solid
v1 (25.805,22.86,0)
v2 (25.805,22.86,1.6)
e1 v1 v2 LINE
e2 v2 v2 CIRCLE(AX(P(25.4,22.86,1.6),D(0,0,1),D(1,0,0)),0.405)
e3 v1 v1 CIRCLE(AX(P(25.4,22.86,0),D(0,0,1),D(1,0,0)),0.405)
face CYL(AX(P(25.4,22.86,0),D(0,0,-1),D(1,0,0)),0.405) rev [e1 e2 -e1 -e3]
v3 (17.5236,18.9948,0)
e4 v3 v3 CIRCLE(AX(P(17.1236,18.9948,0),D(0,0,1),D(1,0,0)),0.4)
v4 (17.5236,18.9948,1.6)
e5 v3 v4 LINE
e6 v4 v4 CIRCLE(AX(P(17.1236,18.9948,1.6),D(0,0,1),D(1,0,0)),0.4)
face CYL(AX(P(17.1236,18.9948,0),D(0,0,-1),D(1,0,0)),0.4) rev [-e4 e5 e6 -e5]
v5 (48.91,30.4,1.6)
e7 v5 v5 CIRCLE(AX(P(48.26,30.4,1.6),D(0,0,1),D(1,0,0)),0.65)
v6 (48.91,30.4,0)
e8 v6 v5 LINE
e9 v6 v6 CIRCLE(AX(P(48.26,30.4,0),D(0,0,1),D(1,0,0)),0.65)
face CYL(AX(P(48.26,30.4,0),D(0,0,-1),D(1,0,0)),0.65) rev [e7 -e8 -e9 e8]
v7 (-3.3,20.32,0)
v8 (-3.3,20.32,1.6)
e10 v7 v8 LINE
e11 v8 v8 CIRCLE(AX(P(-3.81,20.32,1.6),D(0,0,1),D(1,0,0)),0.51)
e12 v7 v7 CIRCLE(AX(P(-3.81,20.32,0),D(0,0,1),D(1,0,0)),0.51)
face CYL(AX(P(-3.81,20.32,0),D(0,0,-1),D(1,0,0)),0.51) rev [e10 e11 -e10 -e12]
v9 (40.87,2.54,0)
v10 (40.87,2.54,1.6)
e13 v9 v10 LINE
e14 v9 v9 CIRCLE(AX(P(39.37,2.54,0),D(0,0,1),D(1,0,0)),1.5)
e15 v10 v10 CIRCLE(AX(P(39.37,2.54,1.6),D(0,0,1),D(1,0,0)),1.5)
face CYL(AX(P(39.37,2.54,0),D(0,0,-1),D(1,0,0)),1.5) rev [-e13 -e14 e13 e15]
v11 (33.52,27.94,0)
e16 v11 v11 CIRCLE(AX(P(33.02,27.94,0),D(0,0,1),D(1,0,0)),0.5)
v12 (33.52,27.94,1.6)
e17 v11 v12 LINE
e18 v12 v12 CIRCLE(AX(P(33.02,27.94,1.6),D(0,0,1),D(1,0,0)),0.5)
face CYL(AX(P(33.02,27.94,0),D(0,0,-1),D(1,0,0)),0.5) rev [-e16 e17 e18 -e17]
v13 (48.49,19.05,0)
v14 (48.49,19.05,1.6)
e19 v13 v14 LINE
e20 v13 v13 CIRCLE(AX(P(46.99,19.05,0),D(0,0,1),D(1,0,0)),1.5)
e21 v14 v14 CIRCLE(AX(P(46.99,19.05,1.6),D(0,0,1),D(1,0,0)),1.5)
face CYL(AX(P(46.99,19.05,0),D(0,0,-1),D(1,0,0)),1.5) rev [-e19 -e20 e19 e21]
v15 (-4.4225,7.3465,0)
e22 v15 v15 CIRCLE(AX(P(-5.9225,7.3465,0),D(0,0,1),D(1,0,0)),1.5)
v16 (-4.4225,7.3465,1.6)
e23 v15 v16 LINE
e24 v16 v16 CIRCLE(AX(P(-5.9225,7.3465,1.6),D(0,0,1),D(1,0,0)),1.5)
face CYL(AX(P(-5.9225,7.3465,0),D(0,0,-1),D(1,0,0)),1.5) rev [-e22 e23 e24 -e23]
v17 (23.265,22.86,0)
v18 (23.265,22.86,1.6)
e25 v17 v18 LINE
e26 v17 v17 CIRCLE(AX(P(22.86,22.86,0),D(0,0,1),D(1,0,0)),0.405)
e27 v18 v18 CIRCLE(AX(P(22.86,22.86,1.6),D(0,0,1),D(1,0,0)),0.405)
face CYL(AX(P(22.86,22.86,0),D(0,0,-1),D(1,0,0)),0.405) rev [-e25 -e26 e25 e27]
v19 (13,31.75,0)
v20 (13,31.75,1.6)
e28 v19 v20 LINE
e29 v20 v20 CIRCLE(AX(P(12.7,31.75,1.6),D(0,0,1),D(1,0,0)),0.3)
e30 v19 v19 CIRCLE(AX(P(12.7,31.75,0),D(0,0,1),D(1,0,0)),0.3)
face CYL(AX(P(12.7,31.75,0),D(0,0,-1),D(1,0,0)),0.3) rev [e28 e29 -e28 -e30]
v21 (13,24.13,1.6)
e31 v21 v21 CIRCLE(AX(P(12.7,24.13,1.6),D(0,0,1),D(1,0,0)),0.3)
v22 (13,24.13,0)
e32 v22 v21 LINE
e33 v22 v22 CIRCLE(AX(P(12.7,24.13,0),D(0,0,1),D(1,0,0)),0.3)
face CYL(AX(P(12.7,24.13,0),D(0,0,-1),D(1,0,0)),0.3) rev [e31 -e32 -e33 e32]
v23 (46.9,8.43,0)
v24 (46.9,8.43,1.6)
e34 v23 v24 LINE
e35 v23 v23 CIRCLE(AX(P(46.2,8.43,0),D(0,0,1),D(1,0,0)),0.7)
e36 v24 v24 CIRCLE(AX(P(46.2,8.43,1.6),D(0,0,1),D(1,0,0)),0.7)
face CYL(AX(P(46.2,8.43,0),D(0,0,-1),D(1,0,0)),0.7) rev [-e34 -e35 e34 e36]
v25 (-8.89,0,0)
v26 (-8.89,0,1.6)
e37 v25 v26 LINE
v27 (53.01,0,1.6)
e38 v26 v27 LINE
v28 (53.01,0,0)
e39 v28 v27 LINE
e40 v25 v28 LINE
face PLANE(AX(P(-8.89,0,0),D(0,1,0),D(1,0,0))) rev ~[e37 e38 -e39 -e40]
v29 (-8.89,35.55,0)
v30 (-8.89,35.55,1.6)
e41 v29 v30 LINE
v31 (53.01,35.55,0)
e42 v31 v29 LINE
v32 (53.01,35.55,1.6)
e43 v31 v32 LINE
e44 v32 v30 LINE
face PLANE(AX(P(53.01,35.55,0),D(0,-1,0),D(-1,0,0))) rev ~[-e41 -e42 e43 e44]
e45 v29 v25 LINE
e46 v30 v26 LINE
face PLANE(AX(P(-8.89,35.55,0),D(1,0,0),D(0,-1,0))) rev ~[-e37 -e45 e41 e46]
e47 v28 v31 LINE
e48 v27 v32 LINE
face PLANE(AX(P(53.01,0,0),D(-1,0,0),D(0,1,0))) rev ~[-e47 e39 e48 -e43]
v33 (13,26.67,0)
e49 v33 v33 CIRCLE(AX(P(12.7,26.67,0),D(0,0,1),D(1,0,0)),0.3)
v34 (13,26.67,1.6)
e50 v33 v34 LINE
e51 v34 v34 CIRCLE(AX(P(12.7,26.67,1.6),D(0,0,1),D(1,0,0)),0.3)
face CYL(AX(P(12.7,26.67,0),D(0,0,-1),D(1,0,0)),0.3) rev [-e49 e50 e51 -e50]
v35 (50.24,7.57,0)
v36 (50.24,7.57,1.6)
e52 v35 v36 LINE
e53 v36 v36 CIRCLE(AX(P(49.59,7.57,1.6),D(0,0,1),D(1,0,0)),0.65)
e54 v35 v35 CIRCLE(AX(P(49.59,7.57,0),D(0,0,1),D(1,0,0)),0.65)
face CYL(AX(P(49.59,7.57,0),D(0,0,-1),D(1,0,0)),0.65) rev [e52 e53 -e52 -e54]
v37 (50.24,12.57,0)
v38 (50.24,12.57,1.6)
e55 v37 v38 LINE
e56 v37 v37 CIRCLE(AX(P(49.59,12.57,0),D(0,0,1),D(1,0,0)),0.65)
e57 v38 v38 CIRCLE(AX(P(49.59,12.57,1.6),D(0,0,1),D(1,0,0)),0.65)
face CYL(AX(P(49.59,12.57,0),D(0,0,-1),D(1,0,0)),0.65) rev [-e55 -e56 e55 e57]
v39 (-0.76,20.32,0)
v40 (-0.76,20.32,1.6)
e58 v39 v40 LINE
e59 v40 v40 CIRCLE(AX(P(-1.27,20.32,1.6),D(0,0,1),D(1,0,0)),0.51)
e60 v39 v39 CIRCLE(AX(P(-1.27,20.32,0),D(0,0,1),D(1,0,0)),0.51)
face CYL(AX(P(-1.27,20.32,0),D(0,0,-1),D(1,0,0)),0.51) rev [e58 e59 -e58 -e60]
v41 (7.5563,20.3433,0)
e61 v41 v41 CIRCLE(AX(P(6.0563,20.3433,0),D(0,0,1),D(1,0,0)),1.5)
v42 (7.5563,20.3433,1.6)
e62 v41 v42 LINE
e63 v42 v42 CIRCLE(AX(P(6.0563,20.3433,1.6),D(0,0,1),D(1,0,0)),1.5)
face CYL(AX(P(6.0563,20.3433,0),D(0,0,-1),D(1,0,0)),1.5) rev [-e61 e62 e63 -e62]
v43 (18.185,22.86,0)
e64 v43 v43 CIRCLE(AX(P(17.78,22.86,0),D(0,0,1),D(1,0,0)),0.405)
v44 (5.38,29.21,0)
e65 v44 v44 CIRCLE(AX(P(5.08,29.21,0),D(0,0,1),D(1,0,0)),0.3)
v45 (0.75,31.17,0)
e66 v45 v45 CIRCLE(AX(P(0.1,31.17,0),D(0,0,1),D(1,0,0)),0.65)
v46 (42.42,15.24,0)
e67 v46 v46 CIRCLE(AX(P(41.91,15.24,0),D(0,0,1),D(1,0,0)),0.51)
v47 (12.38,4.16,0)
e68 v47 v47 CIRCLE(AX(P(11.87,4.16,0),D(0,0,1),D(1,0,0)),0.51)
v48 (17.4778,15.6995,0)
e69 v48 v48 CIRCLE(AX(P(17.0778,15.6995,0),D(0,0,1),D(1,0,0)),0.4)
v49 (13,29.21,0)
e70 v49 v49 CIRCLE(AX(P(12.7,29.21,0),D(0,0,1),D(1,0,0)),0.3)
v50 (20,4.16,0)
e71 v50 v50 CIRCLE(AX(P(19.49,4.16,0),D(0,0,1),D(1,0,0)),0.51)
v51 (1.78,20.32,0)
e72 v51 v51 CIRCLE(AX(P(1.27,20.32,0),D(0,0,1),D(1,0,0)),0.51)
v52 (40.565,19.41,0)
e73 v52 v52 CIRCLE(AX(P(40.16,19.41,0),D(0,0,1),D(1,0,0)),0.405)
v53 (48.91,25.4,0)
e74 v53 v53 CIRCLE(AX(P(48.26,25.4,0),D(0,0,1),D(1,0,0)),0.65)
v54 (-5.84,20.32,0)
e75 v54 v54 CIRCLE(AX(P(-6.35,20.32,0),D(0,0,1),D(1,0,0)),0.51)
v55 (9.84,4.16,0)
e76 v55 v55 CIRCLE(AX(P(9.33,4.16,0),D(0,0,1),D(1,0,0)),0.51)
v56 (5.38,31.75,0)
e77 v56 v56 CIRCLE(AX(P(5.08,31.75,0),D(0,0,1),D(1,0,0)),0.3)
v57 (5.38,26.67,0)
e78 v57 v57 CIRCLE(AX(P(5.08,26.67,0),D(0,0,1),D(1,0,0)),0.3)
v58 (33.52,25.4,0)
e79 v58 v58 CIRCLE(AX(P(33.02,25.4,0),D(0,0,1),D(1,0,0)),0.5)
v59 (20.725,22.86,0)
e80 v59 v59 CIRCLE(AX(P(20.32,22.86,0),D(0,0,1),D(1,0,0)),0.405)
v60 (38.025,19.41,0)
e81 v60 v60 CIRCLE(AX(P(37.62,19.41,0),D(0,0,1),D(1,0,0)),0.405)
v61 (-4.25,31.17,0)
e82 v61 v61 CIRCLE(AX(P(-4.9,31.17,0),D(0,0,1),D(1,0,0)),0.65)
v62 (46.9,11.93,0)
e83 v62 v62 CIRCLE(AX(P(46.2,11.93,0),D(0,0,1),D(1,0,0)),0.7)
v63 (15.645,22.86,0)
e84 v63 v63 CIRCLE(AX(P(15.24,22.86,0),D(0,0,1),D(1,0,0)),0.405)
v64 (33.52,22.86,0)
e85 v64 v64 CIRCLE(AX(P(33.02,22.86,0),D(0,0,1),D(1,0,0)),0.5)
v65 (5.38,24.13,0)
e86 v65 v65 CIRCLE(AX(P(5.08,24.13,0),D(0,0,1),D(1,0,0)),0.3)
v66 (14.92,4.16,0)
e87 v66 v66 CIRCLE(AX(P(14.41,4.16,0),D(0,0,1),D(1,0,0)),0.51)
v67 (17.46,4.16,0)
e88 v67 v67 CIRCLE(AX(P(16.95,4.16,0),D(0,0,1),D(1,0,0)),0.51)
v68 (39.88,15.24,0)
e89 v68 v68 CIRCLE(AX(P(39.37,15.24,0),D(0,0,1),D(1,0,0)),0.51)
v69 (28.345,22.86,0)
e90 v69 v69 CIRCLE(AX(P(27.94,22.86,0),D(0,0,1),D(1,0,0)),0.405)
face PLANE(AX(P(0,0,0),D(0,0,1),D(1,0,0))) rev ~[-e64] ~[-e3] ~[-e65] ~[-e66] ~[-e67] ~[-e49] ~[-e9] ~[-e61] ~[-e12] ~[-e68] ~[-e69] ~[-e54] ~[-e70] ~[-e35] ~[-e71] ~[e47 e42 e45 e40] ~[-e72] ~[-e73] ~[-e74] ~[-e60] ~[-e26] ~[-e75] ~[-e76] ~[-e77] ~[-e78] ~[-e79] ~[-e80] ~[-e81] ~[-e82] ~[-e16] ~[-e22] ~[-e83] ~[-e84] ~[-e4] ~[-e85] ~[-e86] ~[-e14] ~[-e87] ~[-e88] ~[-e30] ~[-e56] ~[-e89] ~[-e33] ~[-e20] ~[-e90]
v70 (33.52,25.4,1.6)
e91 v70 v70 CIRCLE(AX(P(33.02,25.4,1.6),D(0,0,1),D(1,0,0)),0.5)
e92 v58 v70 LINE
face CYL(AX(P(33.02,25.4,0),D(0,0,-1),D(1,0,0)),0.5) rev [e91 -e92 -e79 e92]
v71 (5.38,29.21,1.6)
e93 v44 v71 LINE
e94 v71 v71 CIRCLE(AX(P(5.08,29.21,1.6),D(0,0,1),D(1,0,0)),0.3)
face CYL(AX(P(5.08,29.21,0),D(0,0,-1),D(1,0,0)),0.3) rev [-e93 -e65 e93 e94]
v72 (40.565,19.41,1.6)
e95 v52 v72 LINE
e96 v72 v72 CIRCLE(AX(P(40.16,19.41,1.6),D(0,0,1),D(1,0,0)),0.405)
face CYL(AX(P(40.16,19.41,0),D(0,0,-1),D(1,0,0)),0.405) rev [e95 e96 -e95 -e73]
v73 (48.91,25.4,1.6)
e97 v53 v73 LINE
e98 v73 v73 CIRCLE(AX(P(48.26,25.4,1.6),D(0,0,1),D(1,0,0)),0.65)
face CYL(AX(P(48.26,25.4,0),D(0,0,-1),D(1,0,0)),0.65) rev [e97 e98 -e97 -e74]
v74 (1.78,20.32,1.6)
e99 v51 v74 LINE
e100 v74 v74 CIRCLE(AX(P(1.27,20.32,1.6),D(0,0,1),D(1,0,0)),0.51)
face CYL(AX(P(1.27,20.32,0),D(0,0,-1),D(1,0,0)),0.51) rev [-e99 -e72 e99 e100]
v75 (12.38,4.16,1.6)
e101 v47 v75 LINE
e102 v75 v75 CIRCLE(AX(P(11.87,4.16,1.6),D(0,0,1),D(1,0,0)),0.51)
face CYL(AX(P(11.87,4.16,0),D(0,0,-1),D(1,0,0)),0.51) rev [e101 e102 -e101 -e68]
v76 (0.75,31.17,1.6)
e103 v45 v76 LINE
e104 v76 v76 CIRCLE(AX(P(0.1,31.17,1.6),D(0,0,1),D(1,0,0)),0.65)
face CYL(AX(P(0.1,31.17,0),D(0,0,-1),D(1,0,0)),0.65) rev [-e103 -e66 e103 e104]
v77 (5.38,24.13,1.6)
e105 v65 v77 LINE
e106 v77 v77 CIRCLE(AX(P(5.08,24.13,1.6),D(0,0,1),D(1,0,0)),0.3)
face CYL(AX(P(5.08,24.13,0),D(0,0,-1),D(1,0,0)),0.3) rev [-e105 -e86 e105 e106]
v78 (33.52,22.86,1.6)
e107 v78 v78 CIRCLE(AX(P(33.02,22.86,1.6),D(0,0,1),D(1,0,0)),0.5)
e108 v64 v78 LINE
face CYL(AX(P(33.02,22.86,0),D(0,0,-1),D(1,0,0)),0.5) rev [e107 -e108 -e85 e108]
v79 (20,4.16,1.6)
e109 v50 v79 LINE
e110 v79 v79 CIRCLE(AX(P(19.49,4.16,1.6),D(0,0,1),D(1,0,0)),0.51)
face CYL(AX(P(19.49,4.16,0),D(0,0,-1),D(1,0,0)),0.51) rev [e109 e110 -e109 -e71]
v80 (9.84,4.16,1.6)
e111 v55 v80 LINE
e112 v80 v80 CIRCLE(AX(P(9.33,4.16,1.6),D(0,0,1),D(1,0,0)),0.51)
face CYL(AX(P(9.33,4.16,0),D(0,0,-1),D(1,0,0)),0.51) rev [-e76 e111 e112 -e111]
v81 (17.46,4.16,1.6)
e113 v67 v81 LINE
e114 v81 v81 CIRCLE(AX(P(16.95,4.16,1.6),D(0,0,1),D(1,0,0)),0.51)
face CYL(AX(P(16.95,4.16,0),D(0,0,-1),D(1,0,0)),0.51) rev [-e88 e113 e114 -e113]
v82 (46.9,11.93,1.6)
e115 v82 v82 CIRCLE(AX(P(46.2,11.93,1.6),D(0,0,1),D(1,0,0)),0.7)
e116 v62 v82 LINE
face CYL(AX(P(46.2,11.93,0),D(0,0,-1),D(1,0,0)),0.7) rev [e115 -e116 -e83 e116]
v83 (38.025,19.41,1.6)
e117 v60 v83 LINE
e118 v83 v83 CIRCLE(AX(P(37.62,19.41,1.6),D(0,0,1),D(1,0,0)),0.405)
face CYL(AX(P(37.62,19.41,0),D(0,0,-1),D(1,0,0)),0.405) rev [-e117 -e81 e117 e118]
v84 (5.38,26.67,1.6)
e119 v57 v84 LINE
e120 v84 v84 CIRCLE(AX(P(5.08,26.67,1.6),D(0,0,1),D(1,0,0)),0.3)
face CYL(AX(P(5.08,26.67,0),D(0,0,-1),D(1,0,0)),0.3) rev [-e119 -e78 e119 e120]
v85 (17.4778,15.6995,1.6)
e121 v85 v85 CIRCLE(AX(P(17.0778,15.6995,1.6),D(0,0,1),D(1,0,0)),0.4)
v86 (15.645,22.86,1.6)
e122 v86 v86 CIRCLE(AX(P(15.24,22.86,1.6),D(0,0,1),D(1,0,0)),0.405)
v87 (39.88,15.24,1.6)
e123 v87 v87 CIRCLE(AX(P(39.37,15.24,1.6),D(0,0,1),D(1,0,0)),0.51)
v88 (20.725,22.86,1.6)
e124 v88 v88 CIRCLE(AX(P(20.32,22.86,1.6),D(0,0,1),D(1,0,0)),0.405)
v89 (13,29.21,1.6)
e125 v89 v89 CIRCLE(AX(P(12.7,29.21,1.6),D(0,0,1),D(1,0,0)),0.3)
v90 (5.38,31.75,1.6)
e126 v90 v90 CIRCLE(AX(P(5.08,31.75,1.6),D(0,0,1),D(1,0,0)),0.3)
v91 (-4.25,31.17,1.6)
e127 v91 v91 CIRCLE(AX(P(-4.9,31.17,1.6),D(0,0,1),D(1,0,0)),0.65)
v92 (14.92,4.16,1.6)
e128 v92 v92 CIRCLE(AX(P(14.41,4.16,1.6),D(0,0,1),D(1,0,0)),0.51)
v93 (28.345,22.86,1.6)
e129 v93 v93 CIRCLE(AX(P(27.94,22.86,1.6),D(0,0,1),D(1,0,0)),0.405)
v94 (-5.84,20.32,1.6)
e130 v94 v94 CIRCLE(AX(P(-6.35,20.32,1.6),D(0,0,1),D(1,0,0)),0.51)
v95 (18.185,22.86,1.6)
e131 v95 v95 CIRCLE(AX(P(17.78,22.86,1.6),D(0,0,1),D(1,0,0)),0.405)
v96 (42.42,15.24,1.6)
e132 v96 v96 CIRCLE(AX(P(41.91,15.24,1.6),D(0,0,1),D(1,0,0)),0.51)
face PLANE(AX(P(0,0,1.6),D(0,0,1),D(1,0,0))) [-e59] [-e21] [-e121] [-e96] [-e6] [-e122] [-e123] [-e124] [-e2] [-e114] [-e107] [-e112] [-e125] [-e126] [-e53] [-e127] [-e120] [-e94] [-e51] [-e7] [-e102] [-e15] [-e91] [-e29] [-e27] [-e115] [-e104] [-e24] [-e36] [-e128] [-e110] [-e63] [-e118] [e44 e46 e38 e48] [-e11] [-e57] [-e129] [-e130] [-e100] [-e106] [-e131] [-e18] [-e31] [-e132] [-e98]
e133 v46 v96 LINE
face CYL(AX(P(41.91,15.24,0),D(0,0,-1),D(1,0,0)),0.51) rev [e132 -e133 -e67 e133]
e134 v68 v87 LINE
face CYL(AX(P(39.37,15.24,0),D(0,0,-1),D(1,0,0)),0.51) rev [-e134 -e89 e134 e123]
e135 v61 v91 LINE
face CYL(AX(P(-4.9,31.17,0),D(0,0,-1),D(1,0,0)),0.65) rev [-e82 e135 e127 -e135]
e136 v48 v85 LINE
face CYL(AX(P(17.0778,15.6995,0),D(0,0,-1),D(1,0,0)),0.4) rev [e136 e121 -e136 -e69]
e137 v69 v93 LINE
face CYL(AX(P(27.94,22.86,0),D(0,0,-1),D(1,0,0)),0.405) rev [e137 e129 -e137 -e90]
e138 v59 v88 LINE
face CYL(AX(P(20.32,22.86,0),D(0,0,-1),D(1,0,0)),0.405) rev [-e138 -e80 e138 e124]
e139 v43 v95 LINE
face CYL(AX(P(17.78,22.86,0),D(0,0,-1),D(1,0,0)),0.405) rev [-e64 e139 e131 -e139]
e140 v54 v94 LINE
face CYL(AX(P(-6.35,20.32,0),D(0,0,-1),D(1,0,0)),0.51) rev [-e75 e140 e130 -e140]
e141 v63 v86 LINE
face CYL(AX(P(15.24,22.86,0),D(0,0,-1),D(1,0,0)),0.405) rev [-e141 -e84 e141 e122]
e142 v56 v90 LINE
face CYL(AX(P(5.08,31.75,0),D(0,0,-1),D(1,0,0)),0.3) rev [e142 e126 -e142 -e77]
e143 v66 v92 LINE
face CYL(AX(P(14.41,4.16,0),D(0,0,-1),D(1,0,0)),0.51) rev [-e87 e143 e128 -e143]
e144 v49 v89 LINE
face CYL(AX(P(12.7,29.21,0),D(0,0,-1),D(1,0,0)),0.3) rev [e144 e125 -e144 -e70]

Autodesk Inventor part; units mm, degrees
ref_plane "YZ Plane" through (0, 0, 0) normal (1, 0, 0) x (0, 1, 0)
ref_plane "XZ Plane" through (0, 0, 0) normal (0, 1, 0) x (-1, 0, 0)
ref_plane "XY Plane" through (0, 0, 0) normal (0, 0, 1) x (1, 0, 0)
sketch "Эскиз1" plane through (0, 0, 0) normal (0, 0, 1) x (1, 0, 0)
  line L0 (-8.89, 0) -> (53.01, 0)
  line L1 (53.01, 0) -> (53.01, 35.55)
  line L2 (53.01, 35.55) -> (-8.89, 35.55)
  line L3 (-8.89, 35.55) -> (-8.89, 0)
  circle A0 centre (15.24, 22.86) radius 0.405
  circle A1 centre (17.78, 22.86) radius 0.405
  circle A2 centre (20.32, 22.86) radius 0.405
  circle A3 centre (22.86, 22.86) radius 0.405
  circle A4 centre (25.4, 22.86) radius 0.405
  circle A5 centre (27.94, 22.86) radius 0.405
  circle A6 centre (37.62, 19.41) radius 0.405
  circle A7 centre (40.16, 19.41) radius 0.405
  circle A8 centre (0.1, 31.17) radius 0.65
  circle A9 centre (-4.9, 31.17) radius 0.65
  circle A10 centre (1.27, 20.32) radius 0.51
  circle A11 centre (-1.27, 20.32) radius 0.51
  circle A12 centre (-3.81, 20.32) radius 0.51
  circle A13 centre (-6.35, 20.32) radius 0.51
  circle A14 centre (48.26, 25.4) radius 0.65
  circle A15 centre (48.26, 30.4) radius 0.65
  circle A16 centre (9.33, 4.16) radius 0.51
  circle A17 centre (11.87, 4.16) radius 0.51
  circle A18 centre (14.41, 4.16) radius 0.51
  circle A19 centre (16.95, 4.16) radius 0.51
  circle A20 centre (19.49, 4.16) radius 0.51
  circle A21 centre (39.37, 15.24) radius 0.51
  circle A22 centre (41.91, 15.24) radius 0.51
  circle A23 centre (49.59, 7.57) radius 0.65
  circle A24 centre (49.59, 12.57) radius 0.65
  circle A25 centre (46.2, 8.43) radius 0.7
  circle A26 centre (46.2, 11.93) radius 0.7
  circle A27 centre (12.7, 24.13) radius 0.3
  circle A28 centre (5.08, 26.67) radius 0.3
  circle A29 centre (5.08, 24.13) radius 0.3
  circle A30 centre (12.7, 26.67) radius 0.3
  circle A31 centre (5.08, 31.75) radius 0.3
  circle A32 centre (5.08, 29.21) radius 0.3
  circle A33 centre (12.7, 29.21) radius 0.3
  circle A34 centre (12.7, 31.75) radius 0.3
  circle A35 centre (33.02, 25.4) radius 0.5
  circle A36 centre (33.02, 27.94) radius 0.5
  circle A37 centre (33.02, 22.86) radius 0.5
  circle A38 centre (-5.9225, 7.3465) radius 1.5
  circle A39 centre (39.37, 2.54) radius 1.5
  circle A40 centre (46.99, 19.05) radius 1.5
  circle A41 centre (6.0563, 20.3433) radius 1.5
  circle A42 centre (17.1236, 18.9948) radius 0.4
  circle A43 centre (17.0778, 15.6995) radius 0.4
extrude "OmniBot_motor_driver.brdКонтур" add sketch "Эскиз1" along normal blind 1.6
properties part number "OmniBot_motor_driver.brdКонтур1"
